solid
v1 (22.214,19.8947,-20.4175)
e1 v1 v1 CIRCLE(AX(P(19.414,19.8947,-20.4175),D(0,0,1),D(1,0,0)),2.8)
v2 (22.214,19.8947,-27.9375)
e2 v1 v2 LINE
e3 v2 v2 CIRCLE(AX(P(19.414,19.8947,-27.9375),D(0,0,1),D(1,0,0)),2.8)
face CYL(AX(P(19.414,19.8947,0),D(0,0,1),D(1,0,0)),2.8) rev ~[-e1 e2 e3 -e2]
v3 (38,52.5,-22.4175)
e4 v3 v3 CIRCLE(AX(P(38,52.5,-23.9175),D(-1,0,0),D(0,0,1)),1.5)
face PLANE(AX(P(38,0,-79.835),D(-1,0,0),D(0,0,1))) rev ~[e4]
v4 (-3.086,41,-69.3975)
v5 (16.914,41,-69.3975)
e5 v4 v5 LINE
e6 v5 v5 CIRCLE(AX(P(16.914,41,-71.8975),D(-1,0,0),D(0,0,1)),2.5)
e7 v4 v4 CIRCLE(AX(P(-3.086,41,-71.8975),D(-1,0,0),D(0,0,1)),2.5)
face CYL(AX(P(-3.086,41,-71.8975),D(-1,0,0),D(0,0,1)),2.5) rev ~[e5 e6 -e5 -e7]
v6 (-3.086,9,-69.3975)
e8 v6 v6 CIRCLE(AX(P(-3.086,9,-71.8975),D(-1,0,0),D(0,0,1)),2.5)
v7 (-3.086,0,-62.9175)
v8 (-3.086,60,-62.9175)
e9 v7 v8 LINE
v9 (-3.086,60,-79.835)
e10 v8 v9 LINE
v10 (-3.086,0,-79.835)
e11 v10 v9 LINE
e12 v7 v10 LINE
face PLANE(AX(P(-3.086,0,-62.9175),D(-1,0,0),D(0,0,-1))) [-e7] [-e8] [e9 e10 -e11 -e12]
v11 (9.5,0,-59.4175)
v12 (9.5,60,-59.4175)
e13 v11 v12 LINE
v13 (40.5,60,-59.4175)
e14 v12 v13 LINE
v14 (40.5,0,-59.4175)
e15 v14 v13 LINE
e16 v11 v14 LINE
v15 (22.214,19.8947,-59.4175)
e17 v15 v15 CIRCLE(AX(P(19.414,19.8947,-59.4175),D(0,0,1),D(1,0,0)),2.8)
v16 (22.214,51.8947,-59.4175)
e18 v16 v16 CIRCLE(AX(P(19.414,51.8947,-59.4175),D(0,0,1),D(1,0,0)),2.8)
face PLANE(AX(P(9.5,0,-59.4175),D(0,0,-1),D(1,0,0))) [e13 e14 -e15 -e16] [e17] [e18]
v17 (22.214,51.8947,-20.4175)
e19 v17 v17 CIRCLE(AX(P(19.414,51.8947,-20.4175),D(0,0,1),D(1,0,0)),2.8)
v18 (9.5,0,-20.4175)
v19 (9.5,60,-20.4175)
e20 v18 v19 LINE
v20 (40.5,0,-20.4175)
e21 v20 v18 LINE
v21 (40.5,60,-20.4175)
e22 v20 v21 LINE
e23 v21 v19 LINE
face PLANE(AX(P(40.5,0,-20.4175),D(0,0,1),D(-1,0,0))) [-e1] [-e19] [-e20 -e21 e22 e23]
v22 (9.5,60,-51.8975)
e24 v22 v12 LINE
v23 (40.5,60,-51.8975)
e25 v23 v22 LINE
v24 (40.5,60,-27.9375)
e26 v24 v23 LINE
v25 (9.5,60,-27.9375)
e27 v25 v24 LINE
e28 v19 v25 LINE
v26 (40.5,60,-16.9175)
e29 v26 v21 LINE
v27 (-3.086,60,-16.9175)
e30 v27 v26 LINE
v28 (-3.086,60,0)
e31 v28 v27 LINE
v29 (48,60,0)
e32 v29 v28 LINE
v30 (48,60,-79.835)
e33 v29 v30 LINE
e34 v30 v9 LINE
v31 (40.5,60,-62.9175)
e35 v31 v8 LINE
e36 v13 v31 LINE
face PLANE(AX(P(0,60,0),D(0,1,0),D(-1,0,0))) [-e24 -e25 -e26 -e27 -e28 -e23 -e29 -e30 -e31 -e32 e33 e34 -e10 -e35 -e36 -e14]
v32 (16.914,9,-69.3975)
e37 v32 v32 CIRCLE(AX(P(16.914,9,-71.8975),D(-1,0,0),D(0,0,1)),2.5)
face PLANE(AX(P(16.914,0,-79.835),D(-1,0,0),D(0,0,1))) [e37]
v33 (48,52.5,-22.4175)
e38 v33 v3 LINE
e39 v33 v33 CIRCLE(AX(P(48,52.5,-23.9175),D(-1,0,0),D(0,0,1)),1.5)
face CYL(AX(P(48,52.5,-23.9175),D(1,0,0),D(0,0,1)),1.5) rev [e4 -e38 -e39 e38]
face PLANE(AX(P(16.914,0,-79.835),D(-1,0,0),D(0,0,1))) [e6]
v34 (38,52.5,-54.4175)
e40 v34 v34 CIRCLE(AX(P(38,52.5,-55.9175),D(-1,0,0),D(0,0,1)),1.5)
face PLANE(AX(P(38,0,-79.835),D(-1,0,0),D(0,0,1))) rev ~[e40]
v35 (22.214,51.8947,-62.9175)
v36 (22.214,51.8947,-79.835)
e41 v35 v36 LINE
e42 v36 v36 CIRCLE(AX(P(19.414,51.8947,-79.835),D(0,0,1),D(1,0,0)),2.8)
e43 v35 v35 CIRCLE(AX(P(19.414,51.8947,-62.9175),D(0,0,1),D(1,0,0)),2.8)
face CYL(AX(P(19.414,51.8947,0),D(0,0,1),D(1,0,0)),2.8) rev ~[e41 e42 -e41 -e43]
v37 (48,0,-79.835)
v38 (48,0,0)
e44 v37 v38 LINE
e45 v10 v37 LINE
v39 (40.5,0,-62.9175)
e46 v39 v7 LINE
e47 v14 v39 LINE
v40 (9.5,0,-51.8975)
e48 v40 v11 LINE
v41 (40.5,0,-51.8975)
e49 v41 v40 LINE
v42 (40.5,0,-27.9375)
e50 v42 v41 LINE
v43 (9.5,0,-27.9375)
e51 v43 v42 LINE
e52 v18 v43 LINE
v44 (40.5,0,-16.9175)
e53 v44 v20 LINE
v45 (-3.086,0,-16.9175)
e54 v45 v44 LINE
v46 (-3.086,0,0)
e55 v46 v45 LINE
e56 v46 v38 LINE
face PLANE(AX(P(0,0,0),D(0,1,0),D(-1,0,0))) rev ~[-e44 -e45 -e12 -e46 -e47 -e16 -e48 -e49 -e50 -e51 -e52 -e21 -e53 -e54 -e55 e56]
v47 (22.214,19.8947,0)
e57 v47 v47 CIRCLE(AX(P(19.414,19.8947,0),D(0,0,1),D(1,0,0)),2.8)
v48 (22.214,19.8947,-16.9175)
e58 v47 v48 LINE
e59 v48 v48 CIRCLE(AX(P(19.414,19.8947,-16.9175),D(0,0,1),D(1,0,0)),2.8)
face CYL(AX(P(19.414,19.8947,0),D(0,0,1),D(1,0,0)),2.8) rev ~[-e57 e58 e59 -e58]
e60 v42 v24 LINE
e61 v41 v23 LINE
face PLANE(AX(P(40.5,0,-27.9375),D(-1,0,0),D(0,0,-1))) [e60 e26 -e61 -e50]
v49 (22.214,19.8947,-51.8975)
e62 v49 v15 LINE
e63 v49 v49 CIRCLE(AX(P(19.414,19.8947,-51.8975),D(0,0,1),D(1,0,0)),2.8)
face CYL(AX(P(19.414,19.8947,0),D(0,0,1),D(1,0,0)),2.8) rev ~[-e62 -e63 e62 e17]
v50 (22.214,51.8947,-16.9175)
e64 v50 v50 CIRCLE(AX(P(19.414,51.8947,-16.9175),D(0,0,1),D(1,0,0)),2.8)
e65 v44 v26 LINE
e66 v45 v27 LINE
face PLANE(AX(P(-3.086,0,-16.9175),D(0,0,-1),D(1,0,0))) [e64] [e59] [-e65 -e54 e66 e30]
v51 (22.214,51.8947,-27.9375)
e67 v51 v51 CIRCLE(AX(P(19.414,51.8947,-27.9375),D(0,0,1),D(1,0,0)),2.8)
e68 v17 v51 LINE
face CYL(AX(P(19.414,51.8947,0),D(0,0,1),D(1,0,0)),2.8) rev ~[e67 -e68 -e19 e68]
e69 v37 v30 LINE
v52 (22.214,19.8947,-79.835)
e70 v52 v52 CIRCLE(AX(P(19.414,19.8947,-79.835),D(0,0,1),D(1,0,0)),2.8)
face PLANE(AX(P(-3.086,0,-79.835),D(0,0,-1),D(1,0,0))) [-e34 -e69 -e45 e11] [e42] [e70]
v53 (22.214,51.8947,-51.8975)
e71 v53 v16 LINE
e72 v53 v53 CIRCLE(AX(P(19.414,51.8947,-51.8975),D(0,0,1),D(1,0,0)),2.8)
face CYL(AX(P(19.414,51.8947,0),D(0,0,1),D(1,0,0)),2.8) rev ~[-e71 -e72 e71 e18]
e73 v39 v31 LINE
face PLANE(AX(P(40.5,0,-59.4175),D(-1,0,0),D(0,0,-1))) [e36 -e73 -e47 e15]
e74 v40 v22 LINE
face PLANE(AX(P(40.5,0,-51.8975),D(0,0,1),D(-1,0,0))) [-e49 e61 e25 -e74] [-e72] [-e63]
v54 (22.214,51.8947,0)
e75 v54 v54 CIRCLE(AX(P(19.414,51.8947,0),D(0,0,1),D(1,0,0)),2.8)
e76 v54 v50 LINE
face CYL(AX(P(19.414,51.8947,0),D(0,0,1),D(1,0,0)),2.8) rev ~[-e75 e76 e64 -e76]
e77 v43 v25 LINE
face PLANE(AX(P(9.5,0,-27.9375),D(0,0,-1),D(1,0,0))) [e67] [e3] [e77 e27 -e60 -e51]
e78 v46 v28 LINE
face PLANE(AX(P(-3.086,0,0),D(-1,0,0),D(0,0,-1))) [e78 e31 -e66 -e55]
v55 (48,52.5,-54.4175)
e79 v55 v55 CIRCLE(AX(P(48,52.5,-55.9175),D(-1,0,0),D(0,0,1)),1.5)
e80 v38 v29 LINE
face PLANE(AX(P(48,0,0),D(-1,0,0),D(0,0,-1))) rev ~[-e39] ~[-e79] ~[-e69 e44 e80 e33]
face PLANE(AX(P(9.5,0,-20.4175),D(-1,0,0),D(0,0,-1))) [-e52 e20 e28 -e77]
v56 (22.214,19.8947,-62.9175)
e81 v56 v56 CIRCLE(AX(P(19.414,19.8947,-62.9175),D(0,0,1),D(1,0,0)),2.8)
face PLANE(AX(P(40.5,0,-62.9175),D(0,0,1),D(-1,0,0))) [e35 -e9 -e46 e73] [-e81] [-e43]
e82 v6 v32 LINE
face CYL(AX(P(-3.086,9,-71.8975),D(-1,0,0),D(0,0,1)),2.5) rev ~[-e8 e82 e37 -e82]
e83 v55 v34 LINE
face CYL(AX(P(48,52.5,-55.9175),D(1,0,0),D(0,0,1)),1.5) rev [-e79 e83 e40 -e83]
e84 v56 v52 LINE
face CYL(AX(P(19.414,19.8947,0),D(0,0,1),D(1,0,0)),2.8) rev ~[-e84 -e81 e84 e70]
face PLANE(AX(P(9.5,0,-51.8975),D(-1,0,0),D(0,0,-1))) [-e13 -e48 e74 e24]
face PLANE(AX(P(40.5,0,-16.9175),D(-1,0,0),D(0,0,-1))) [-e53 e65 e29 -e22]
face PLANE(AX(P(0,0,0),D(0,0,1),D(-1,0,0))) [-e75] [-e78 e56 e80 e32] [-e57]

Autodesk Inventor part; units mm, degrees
ref_plane "YZ Plane" through (0, 0, 0) normal (1, 0, 0) x (0, 1, 0)
ref_plane "XZ Plane" through (0, 0, 0) normal (0, 1, 0) x (-1, 0, 0)
ref_plane "XY Plane" through (0, 0, 0) normal (0, 0, 1) x (1, 0, 0)
sketch "Sketch2" plane through (0, 0, 0) normal (0, 1, 0) x (-1, 0, 0)
  line L0 (0, 0) -> (-48, 0)
  line L1 (-48, 0) -> (-48, -79.835)
  line L2 (-48, -79.835) -> (0, -79.835)
  line L3 (-40, -59.9175) -> (-9, -59.9175)
  line L4 (-9, -59.9175) -> (-9, -19.9175)
  line L5 (-9, -19.9175) -> (-40, -19.9175)
  line L6 (-33.9858, -17.4175) -> (3.086, -17.4175)
  line L7 (3.086, -62.4175) -> (-40, -62.4175)
  line L8 (-48, -6) -> (-48, -3.5)
  line L9 (-33.9858, -17.4175) -> (-40, -17.4175)
  line L10 (-40, -62.4175) -> (-40, -59.9175)
  line L11 (-40, -19.9175) -> (-40, -17.4175)
  line L12 (3.086, -16.9175) -> (-40.5, -16.9175)
  line L13 (-40.5, -16.9175) -> (-40.5, -20.4175)
  line L14 (-40.5, -20.4175) -> (-9.5, -20.4175)
  line L15 (-9.5, -20.4175) -> (-9.5, -59.4175)
  line L16 (-9.5, -59.4175) -> (-40.5, -59.4175)
  line L17 (-40.5, -59.4175) -> (-40.5, -62.9175)
  line L18 (-40.5, -62.9175) -> (3.086, -62.9175)
  line L19 (5, -12.8942) -> (5, -16.38) projected
  line L20 (0, 0) -> (3.086, 0)
  line L21 (3.086, 0) -> (3.086, -79.835)
  line L22 (3.086, -79.835) -> (0, -79.835)
  line L23 (3.086, -62.9175) -> (3.086, -62.4175)
  line L24 (3.086, -17.4175) -> (3.086, -16.9175)
  line L25 (3.086, -62.9175) -> (3.086, -62.4175)
  line L26 (3.086, -17.4175) -> (3.086, -16.9175)
  line L27 (-9.5, -27.9375) -> (-40.5, -27.9375)
  line L28 (-40.5, -27.9375) -> (-40.5, -51.8975)
  line L29 (-40.5, -51.8975) -> (-9.5, -51.8975)
  line L30 (-9.5, -51.8975) -> (-9.5, -27.9375)
  point P0 (-9.7436, -6)
  point P1 (0, -79.835)
  point P2 (-9.5, -51.8975)
  dimension "d19" = 79.835
  dimension "d20" = 45
  dimension "d21" = 17.4175
  dimension "d22" = 2.5
  dimension "d23" = 40
  dimension "d24" = 39
  dimension "d26" = 0.5
  dimension "d32" = 7.52
  dimension "d33" = 7.52
  dimension "d34" = 23.96
  dimension "d35" = 51.086
extrude "Extrusion7" add sketch "Sketch2" along normal blind 60 contours L20 L21 L12 L13 L14 L15 L27 L28 L29 L16 L17 L18 L22 L2 L1 L0
sketch "Sketch3" plane through (-3.086, 0, 0) normal (0, 0, 1) x (1, 0, 0)
  circle A0 centre (22.5, 51.8947) radius 2.8 projected
  circle A1 centre (22.5, 19.8947) radius 2.8 projected
  point P0 (3.086, 0)
  dimension "d38" = 32
extrude "Extrusion8" cut sketch "Sketch3" against normal through all
sketch "Sketch4" plane through (-3.086, 0, -79.835) normal (-1, 0, 0) x (0, 0, 1)
  circle A0 centre (7.9375, 41) radius 2.5
  circle A1 centre (7.9375, 9) radius 2.5
  line L0 (0, 0) -> (16.9175, 0) projected
  circle A2 centre (55.9175, 52.5) radius 1.5
  circle A3 centre (23.9175, 52.5) radius 1.5
  point P0 (79.835, 0)
  dimension "d36" = 5
  dimension "d37" = 5
  dimension "d39" = 32
  dimension "d40" = 9
  dimension "d43" = 3
extrude "Extrusion9" cut sketch "Sketch4" against normal blind 20 contours A0 | A1
extrude "Extrusion10" cut sketch "Sketch4" along normal blind 10 from surface at -51.086 contours A2 | A3
equation "\"d21\" = -0.5 * d20 + 0.5 * d19"
equation "\"d33\" = d32"
properties part number "Intake Mounting Block"
